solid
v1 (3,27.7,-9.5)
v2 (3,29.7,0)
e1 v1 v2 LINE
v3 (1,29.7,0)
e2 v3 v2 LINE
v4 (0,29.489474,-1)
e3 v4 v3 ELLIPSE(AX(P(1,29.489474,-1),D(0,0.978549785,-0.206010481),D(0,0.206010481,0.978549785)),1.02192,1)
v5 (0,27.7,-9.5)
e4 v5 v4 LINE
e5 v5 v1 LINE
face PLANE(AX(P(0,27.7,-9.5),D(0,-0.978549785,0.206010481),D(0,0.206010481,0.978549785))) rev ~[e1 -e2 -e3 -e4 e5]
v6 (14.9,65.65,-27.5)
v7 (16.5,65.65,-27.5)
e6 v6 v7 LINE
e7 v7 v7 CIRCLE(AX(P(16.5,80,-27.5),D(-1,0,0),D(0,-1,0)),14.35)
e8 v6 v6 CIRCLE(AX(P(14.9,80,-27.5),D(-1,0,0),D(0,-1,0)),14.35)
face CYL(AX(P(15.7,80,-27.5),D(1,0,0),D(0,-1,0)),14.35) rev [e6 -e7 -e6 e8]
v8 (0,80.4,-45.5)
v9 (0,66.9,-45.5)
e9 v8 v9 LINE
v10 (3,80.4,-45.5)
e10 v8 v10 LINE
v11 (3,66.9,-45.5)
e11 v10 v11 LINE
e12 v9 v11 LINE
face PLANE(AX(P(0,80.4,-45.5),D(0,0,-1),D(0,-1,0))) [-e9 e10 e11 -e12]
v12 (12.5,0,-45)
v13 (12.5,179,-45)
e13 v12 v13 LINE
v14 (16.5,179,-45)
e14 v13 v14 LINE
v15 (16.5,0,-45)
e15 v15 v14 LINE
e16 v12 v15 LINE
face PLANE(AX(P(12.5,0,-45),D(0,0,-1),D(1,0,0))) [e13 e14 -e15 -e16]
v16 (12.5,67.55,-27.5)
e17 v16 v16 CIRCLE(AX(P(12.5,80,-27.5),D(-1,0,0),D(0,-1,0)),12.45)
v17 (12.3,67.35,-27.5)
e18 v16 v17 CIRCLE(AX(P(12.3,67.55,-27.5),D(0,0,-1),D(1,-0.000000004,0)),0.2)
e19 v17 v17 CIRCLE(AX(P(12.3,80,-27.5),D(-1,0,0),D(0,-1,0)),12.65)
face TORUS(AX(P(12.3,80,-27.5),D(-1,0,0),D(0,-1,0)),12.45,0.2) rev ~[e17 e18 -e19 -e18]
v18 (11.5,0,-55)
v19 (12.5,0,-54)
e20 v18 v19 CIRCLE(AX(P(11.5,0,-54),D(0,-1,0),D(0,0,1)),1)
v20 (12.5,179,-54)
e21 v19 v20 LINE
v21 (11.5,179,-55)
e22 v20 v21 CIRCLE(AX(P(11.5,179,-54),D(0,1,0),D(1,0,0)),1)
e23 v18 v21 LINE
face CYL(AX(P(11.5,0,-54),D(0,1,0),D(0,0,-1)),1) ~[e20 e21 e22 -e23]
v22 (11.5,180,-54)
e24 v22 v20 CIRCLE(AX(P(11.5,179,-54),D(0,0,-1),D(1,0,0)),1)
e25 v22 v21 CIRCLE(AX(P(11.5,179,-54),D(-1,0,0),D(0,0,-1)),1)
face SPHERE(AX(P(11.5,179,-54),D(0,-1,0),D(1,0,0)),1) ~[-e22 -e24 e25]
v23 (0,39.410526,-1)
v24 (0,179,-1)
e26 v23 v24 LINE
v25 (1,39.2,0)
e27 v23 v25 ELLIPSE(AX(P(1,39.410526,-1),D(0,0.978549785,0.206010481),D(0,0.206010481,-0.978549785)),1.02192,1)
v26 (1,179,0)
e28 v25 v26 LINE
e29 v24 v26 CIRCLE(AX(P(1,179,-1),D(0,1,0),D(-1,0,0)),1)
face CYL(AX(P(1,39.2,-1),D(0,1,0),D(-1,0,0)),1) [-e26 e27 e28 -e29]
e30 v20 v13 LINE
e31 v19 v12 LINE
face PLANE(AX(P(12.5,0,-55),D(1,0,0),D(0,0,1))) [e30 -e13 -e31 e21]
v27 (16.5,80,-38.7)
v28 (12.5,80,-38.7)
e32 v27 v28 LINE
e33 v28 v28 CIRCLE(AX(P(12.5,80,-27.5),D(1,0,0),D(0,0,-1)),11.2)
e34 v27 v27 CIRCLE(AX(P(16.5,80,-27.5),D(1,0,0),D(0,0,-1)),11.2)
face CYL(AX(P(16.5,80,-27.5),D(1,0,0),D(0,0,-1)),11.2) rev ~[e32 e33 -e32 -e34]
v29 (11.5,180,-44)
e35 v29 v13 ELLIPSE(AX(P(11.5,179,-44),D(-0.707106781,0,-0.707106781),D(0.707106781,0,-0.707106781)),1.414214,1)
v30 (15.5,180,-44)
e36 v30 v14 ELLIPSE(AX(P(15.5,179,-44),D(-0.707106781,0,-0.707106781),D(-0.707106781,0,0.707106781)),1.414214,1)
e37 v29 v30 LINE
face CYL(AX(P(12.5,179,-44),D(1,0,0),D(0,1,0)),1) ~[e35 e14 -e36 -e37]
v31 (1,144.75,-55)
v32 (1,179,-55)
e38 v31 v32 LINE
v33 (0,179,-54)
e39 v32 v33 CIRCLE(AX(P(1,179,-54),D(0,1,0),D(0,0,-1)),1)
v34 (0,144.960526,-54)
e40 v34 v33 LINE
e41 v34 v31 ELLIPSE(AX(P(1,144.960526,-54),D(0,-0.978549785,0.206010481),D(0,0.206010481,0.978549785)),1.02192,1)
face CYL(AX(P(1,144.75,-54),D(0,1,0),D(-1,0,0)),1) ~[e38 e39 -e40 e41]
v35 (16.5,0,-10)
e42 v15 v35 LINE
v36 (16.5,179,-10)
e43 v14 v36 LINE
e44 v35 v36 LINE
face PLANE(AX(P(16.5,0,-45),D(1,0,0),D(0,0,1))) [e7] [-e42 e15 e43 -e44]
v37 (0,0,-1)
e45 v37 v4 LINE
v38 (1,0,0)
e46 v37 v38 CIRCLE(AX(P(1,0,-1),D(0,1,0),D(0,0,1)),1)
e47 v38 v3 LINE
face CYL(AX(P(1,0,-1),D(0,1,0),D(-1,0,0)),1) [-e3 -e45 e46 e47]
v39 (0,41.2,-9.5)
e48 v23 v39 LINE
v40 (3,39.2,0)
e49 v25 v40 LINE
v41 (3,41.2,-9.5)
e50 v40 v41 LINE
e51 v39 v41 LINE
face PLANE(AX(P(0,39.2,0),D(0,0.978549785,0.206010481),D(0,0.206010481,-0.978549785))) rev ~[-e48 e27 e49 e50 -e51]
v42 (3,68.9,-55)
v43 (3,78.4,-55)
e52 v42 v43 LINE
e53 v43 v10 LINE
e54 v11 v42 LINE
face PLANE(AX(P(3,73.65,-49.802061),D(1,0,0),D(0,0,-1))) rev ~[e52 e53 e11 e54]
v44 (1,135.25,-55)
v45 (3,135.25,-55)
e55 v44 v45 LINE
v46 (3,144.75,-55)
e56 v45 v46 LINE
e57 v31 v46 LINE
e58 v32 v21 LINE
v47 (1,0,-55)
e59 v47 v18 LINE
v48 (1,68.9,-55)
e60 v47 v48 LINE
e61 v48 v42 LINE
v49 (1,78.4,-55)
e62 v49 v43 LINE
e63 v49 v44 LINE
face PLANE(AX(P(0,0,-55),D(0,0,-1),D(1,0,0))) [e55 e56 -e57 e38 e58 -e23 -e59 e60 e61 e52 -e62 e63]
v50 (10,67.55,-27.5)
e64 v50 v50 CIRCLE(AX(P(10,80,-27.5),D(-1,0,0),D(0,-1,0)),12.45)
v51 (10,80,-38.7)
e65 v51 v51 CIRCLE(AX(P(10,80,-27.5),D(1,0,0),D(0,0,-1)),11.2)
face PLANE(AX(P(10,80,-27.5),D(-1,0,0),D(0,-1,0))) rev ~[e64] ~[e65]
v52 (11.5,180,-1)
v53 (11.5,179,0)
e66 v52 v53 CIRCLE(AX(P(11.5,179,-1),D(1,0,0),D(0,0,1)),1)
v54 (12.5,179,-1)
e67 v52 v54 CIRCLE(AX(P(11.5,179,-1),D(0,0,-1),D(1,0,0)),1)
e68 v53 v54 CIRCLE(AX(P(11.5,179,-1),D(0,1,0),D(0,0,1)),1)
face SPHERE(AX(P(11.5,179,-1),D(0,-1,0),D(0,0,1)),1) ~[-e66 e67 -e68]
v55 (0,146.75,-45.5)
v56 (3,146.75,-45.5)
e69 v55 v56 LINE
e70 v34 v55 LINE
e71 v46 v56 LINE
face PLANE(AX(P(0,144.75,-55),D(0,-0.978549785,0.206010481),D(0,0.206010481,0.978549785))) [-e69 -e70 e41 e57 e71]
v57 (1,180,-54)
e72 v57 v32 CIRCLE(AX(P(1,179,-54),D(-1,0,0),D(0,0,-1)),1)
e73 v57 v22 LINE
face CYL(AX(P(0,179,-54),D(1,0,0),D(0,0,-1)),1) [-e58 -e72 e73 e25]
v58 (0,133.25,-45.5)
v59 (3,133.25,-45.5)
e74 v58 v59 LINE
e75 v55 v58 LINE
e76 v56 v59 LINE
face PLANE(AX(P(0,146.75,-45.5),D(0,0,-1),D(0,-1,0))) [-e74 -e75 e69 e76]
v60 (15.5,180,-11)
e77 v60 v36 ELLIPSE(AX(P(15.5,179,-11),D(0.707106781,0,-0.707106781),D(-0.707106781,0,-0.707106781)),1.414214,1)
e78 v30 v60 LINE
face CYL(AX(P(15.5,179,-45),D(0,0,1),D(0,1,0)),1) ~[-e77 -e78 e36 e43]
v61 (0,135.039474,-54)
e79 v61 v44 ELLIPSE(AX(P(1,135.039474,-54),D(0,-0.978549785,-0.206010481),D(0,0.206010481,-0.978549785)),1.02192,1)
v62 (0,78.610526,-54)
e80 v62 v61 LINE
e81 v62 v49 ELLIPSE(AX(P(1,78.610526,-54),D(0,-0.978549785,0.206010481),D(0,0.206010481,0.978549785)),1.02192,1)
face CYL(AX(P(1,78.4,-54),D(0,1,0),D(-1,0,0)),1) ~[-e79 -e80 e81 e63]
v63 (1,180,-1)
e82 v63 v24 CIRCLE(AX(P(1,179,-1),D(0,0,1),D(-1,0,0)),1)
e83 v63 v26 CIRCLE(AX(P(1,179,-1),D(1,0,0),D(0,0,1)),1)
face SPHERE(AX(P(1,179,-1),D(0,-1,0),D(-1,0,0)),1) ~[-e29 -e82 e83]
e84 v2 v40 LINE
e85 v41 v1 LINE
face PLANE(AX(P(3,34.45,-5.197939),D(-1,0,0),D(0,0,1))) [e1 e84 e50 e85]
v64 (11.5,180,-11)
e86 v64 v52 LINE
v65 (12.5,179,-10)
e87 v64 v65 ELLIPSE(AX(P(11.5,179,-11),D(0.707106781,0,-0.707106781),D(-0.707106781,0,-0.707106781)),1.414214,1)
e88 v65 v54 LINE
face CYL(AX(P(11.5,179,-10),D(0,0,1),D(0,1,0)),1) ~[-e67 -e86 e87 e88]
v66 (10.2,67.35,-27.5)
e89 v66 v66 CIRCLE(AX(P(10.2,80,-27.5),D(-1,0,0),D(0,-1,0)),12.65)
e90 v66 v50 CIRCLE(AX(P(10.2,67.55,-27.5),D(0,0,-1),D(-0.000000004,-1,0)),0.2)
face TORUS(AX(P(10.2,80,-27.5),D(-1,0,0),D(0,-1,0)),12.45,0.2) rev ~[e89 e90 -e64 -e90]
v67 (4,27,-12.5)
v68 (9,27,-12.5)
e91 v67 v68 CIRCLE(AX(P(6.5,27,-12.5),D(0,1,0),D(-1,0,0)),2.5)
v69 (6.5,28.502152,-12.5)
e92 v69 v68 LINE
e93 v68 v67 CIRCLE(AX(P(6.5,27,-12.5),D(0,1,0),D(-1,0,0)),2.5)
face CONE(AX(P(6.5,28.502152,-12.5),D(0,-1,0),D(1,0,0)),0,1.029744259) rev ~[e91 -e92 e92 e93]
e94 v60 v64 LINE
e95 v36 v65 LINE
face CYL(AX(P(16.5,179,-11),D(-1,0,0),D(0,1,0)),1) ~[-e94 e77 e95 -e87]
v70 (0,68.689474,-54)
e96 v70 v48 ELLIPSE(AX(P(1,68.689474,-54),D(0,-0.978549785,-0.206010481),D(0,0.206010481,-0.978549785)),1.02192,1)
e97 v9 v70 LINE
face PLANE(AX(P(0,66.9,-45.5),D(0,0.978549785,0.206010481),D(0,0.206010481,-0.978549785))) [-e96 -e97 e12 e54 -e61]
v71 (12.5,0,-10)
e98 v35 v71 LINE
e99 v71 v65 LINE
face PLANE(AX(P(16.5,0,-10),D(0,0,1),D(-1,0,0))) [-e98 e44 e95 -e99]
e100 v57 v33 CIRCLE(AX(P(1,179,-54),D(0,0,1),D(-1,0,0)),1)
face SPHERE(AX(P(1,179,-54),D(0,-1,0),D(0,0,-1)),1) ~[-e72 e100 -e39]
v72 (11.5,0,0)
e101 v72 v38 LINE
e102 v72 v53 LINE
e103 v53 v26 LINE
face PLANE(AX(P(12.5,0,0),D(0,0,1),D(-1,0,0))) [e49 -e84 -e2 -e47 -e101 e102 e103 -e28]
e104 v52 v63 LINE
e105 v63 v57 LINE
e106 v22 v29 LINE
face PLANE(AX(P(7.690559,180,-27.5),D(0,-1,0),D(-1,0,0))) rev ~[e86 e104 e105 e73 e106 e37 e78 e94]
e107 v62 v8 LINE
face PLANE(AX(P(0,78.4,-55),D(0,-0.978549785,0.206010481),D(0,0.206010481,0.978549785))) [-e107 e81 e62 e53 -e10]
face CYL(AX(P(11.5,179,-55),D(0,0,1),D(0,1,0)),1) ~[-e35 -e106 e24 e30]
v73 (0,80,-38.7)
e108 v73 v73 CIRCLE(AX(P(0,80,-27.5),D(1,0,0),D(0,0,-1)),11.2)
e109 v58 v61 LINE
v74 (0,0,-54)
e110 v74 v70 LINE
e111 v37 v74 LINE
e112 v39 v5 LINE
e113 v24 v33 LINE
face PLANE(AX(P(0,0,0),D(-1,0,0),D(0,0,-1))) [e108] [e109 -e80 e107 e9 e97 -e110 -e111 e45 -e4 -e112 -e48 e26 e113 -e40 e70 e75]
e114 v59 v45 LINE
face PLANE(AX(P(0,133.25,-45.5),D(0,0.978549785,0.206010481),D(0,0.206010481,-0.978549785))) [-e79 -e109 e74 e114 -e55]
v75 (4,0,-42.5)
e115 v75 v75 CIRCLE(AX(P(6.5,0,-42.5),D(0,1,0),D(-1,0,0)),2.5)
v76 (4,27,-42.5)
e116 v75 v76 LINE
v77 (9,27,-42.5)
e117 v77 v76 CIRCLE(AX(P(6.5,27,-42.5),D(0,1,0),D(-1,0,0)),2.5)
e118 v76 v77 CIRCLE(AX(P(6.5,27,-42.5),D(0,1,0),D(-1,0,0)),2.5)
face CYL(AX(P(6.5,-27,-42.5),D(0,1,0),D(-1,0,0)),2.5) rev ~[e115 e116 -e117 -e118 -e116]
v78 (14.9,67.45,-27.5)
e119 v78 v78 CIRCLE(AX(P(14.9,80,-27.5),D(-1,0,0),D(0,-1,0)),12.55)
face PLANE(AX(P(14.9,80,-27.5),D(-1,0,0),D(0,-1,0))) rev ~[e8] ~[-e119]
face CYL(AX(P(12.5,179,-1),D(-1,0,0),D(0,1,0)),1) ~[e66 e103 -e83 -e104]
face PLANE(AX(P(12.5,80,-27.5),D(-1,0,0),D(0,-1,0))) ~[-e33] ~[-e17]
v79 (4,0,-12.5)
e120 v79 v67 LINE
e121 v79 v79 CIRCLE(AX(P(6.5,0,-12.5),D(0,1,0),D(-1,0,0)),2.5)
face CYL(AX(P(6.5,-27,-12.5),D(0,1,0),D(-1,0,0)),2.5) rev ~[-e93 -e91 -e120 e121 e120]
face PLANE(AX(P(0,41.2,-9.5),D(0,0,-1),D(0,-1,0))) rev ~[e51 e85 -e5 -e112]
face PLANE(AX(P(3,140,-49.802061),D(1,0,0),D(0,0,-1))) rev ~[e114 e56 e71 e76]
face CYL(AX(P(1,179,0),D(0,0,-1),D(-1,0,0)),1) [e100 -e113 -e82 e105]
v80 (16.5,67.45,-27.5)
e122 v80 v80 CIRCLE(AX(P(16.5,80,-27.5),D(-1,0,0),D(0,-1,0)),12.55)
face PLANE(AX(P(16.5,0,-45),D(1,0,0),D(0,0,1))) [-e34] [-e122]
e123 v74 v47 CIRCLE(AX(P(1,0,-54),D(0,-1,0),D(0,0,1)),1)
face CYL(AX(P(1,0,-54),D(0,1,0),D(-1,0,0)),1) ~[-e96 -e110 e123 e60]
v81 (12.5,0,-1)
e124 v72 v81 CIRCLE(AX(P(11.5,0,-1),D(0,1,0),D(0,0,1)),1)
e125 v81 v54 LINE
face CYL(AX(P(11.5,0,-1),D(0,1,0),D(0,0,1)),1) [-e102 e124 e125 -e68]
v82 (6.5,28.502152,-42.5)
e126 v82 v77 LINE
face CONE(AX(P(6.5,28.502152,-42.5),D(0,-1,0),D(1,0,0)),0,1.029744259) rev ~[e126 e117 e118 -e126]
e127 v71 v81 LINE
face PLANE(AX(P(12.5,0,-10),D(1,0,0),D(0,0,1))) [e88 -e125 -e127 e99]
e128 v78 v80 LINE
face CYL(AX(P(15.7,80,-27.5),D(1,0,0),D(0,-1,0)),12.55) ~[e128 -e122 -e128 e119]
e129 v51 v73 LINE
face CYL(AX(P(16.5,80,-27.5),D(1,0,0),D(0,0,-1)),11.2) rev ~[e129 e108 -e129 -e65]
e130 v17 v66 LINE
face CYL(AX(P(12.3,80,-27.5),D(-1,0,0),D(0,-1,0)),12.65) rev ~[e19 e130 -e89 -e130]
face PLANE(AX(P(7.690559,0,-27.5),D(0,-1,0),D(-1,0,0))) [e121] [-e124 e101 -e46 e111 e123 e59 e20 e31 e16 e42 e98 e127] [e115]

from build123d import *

# Parameters (mm, degrees)
BOSS_EXTRUDE1_DEPTH   = 180
SKETCH3_R             = 11.2
CUT_EXTRUDE1_DEPTH    = 17.5
SKETCH11_W            = 1.6
SKETCH11_H            = 1.8
LPATTERN1_COUNT       = 2
LPATTERN1_PITCH       = 60
M6_TAPPED_HOLE1_D     = 5
M6_TAPPED_HOLE1_DEPTH = 27
M6_TAPPED_HOLE1_TIP   = 1.502151548
CUT_EXTRUDE2_DEPTH    = 3
FILLET1_R             = 1
SKETCH16_R            = 16.086182712
BOSS_EXTRUDE2_DEPTH   = 16.5


with BuildPart() as part:
    # Sketch1 → Boss-Extrude1 (new body)
    with BuildSketch(Plane(origin=(0, 0, 0), x_dir=(1, 0, 0), z_dir=(0, 1, 0))):
        Polygon((0, 0), (0, 55), (12.5, 55), (12.5, 45), (16.5, 45), (16.5, 10), (12.5, 10), (12.5, 0), align=None)
    extrude(amount=BOSS_EXTRUDE1_DEPTH)

    # Sketch3 → Cut-Extrude1 (cut, through all)
    with BuildSketch(Plane(origin=(16.5, 0, 0), x_dir=(0, 0, -1), z_dir=(1, 0, 0))):
        with Locations((27.5, 80)):
            Circle(SKETCH3_R)
    cut_extrude1 = extrude(amount=-CUT_EXTRUDE1_DEPTH, mode=Mode.SUBTRACT)

    # Sketch11 → Cut-Revolve1 (revolve, cut)
    with BuildSketch(Plane.XY.offset(-27.5)):
        with BuildLine():
            Line((10, 69.15), (12.5, 69.15))
            Line((12.5, 69.15), (12.5, 67.55))
            ThreePointArc((12.5, 67.55), (12.441421356, 67.408578644), (12.3, 67.35))
            Line((12.3, 67.35), (10.2, 67.35))
            ThreePointArc((10.2, 67.35), (10.058578644, 67.408578644), (10, 67.55))
            Line((10, 67.55), (10, 69.15))
        make_face()
        with Locations((15.7, 66.55)):
            Rectangle(SKETCH11_W, SKETCH11_H)
    cut_revolve1 = revolve(axis=Axis((16.5, 80, -27.5), (-1, 0, 0)), mode=Mode.SUBTRACT)

    # LPattern1: Cut-Extrude1, Cut-Revolve1 ×2
    with Locations(*[(0, i * LPATTERN1_PITCH, 0) for i in range(1, LPATTERN1_COUNT)]):
        add(cut_extrude1, mode=Mode.SUBTRACT)
        add(cut_revolve1, mode=Mode.SUBTRACT)

    # M6 Tapped Hole1
    with Locations(Plane.XZ):
        with Locations((6.5, -12.5), (6.5, -42.5)):
            Hole(M6_TAPPED_HOLE1_D / 2, depth=M6_TAPPED_HOLE1_DEPTH)
            with Locations((0, 0, -(M6_TAPPED_HOLE1_DEPTH + M6_TAPPED_HOLE1_TIP / 2))):  # 118° drill point
                Cone(0, M6_TAPPED_HOLE1_D / 2, M6_TAPPED_HOLE1_TIP, mode=Mode.SUBTRACT)

    # Sketch15 → Cut-Extrude2 (cut)
    with BuildSketch(Plane.ZY):
        Polygon((-55, 144.75), (-45.5, 146.75), (-45.5, 133.25), (-55, 135.25), align=None)
        Polygon((-55, 78.4), (-45.5, 80.4), (-45.5, 66.9), (-55, 68.9), align=None)
        Polygon((0, 39.2), (-9.5, 41.2), (-9.5, 27.7), (0, 29.7), align=None)
    extrude(amount=-CUT_EXTRUDE2_DEPTH, mode=Mode.SUBTRACT)

    # Fillet1
    fillet1_edges = [part.edges().sort_by_distance(p)[0] for p in [
        (14.5, 180, -10),
        (16.5, 180, -27.5),
        (0, 109.6, 0),
        (0, 162.375, -55),
        (12.5, 90, -55),
        (12.5, 90, 0),
        (14.5, 180, -45),
        (12.5, 180, -50),
        (6.25, 180, -55),
        (0, 180, -27.5),
        (6.25, 180, 0),
        (12.5, 180, -5),
        (0, 106.825, -55),
        (0, 34.45, -55),
        (0, 14.85, 0),
    ]]
    fillet(fillet1_edges, radius=FILLET1_R)

    # Sketch16 → Boss-Extrude2 (add)
    with BuildSketch(Plane(origin=(16.5, 0, 0), x_dir=(0, 0, -1), z_dir=(1, 0, 0))):
        with Locations((27.5, 140)):
            Circle(SKETCH16_R)
    extrude(amount=-BOSS_EXTRUDE2_DEPTH)


solid = part.part
